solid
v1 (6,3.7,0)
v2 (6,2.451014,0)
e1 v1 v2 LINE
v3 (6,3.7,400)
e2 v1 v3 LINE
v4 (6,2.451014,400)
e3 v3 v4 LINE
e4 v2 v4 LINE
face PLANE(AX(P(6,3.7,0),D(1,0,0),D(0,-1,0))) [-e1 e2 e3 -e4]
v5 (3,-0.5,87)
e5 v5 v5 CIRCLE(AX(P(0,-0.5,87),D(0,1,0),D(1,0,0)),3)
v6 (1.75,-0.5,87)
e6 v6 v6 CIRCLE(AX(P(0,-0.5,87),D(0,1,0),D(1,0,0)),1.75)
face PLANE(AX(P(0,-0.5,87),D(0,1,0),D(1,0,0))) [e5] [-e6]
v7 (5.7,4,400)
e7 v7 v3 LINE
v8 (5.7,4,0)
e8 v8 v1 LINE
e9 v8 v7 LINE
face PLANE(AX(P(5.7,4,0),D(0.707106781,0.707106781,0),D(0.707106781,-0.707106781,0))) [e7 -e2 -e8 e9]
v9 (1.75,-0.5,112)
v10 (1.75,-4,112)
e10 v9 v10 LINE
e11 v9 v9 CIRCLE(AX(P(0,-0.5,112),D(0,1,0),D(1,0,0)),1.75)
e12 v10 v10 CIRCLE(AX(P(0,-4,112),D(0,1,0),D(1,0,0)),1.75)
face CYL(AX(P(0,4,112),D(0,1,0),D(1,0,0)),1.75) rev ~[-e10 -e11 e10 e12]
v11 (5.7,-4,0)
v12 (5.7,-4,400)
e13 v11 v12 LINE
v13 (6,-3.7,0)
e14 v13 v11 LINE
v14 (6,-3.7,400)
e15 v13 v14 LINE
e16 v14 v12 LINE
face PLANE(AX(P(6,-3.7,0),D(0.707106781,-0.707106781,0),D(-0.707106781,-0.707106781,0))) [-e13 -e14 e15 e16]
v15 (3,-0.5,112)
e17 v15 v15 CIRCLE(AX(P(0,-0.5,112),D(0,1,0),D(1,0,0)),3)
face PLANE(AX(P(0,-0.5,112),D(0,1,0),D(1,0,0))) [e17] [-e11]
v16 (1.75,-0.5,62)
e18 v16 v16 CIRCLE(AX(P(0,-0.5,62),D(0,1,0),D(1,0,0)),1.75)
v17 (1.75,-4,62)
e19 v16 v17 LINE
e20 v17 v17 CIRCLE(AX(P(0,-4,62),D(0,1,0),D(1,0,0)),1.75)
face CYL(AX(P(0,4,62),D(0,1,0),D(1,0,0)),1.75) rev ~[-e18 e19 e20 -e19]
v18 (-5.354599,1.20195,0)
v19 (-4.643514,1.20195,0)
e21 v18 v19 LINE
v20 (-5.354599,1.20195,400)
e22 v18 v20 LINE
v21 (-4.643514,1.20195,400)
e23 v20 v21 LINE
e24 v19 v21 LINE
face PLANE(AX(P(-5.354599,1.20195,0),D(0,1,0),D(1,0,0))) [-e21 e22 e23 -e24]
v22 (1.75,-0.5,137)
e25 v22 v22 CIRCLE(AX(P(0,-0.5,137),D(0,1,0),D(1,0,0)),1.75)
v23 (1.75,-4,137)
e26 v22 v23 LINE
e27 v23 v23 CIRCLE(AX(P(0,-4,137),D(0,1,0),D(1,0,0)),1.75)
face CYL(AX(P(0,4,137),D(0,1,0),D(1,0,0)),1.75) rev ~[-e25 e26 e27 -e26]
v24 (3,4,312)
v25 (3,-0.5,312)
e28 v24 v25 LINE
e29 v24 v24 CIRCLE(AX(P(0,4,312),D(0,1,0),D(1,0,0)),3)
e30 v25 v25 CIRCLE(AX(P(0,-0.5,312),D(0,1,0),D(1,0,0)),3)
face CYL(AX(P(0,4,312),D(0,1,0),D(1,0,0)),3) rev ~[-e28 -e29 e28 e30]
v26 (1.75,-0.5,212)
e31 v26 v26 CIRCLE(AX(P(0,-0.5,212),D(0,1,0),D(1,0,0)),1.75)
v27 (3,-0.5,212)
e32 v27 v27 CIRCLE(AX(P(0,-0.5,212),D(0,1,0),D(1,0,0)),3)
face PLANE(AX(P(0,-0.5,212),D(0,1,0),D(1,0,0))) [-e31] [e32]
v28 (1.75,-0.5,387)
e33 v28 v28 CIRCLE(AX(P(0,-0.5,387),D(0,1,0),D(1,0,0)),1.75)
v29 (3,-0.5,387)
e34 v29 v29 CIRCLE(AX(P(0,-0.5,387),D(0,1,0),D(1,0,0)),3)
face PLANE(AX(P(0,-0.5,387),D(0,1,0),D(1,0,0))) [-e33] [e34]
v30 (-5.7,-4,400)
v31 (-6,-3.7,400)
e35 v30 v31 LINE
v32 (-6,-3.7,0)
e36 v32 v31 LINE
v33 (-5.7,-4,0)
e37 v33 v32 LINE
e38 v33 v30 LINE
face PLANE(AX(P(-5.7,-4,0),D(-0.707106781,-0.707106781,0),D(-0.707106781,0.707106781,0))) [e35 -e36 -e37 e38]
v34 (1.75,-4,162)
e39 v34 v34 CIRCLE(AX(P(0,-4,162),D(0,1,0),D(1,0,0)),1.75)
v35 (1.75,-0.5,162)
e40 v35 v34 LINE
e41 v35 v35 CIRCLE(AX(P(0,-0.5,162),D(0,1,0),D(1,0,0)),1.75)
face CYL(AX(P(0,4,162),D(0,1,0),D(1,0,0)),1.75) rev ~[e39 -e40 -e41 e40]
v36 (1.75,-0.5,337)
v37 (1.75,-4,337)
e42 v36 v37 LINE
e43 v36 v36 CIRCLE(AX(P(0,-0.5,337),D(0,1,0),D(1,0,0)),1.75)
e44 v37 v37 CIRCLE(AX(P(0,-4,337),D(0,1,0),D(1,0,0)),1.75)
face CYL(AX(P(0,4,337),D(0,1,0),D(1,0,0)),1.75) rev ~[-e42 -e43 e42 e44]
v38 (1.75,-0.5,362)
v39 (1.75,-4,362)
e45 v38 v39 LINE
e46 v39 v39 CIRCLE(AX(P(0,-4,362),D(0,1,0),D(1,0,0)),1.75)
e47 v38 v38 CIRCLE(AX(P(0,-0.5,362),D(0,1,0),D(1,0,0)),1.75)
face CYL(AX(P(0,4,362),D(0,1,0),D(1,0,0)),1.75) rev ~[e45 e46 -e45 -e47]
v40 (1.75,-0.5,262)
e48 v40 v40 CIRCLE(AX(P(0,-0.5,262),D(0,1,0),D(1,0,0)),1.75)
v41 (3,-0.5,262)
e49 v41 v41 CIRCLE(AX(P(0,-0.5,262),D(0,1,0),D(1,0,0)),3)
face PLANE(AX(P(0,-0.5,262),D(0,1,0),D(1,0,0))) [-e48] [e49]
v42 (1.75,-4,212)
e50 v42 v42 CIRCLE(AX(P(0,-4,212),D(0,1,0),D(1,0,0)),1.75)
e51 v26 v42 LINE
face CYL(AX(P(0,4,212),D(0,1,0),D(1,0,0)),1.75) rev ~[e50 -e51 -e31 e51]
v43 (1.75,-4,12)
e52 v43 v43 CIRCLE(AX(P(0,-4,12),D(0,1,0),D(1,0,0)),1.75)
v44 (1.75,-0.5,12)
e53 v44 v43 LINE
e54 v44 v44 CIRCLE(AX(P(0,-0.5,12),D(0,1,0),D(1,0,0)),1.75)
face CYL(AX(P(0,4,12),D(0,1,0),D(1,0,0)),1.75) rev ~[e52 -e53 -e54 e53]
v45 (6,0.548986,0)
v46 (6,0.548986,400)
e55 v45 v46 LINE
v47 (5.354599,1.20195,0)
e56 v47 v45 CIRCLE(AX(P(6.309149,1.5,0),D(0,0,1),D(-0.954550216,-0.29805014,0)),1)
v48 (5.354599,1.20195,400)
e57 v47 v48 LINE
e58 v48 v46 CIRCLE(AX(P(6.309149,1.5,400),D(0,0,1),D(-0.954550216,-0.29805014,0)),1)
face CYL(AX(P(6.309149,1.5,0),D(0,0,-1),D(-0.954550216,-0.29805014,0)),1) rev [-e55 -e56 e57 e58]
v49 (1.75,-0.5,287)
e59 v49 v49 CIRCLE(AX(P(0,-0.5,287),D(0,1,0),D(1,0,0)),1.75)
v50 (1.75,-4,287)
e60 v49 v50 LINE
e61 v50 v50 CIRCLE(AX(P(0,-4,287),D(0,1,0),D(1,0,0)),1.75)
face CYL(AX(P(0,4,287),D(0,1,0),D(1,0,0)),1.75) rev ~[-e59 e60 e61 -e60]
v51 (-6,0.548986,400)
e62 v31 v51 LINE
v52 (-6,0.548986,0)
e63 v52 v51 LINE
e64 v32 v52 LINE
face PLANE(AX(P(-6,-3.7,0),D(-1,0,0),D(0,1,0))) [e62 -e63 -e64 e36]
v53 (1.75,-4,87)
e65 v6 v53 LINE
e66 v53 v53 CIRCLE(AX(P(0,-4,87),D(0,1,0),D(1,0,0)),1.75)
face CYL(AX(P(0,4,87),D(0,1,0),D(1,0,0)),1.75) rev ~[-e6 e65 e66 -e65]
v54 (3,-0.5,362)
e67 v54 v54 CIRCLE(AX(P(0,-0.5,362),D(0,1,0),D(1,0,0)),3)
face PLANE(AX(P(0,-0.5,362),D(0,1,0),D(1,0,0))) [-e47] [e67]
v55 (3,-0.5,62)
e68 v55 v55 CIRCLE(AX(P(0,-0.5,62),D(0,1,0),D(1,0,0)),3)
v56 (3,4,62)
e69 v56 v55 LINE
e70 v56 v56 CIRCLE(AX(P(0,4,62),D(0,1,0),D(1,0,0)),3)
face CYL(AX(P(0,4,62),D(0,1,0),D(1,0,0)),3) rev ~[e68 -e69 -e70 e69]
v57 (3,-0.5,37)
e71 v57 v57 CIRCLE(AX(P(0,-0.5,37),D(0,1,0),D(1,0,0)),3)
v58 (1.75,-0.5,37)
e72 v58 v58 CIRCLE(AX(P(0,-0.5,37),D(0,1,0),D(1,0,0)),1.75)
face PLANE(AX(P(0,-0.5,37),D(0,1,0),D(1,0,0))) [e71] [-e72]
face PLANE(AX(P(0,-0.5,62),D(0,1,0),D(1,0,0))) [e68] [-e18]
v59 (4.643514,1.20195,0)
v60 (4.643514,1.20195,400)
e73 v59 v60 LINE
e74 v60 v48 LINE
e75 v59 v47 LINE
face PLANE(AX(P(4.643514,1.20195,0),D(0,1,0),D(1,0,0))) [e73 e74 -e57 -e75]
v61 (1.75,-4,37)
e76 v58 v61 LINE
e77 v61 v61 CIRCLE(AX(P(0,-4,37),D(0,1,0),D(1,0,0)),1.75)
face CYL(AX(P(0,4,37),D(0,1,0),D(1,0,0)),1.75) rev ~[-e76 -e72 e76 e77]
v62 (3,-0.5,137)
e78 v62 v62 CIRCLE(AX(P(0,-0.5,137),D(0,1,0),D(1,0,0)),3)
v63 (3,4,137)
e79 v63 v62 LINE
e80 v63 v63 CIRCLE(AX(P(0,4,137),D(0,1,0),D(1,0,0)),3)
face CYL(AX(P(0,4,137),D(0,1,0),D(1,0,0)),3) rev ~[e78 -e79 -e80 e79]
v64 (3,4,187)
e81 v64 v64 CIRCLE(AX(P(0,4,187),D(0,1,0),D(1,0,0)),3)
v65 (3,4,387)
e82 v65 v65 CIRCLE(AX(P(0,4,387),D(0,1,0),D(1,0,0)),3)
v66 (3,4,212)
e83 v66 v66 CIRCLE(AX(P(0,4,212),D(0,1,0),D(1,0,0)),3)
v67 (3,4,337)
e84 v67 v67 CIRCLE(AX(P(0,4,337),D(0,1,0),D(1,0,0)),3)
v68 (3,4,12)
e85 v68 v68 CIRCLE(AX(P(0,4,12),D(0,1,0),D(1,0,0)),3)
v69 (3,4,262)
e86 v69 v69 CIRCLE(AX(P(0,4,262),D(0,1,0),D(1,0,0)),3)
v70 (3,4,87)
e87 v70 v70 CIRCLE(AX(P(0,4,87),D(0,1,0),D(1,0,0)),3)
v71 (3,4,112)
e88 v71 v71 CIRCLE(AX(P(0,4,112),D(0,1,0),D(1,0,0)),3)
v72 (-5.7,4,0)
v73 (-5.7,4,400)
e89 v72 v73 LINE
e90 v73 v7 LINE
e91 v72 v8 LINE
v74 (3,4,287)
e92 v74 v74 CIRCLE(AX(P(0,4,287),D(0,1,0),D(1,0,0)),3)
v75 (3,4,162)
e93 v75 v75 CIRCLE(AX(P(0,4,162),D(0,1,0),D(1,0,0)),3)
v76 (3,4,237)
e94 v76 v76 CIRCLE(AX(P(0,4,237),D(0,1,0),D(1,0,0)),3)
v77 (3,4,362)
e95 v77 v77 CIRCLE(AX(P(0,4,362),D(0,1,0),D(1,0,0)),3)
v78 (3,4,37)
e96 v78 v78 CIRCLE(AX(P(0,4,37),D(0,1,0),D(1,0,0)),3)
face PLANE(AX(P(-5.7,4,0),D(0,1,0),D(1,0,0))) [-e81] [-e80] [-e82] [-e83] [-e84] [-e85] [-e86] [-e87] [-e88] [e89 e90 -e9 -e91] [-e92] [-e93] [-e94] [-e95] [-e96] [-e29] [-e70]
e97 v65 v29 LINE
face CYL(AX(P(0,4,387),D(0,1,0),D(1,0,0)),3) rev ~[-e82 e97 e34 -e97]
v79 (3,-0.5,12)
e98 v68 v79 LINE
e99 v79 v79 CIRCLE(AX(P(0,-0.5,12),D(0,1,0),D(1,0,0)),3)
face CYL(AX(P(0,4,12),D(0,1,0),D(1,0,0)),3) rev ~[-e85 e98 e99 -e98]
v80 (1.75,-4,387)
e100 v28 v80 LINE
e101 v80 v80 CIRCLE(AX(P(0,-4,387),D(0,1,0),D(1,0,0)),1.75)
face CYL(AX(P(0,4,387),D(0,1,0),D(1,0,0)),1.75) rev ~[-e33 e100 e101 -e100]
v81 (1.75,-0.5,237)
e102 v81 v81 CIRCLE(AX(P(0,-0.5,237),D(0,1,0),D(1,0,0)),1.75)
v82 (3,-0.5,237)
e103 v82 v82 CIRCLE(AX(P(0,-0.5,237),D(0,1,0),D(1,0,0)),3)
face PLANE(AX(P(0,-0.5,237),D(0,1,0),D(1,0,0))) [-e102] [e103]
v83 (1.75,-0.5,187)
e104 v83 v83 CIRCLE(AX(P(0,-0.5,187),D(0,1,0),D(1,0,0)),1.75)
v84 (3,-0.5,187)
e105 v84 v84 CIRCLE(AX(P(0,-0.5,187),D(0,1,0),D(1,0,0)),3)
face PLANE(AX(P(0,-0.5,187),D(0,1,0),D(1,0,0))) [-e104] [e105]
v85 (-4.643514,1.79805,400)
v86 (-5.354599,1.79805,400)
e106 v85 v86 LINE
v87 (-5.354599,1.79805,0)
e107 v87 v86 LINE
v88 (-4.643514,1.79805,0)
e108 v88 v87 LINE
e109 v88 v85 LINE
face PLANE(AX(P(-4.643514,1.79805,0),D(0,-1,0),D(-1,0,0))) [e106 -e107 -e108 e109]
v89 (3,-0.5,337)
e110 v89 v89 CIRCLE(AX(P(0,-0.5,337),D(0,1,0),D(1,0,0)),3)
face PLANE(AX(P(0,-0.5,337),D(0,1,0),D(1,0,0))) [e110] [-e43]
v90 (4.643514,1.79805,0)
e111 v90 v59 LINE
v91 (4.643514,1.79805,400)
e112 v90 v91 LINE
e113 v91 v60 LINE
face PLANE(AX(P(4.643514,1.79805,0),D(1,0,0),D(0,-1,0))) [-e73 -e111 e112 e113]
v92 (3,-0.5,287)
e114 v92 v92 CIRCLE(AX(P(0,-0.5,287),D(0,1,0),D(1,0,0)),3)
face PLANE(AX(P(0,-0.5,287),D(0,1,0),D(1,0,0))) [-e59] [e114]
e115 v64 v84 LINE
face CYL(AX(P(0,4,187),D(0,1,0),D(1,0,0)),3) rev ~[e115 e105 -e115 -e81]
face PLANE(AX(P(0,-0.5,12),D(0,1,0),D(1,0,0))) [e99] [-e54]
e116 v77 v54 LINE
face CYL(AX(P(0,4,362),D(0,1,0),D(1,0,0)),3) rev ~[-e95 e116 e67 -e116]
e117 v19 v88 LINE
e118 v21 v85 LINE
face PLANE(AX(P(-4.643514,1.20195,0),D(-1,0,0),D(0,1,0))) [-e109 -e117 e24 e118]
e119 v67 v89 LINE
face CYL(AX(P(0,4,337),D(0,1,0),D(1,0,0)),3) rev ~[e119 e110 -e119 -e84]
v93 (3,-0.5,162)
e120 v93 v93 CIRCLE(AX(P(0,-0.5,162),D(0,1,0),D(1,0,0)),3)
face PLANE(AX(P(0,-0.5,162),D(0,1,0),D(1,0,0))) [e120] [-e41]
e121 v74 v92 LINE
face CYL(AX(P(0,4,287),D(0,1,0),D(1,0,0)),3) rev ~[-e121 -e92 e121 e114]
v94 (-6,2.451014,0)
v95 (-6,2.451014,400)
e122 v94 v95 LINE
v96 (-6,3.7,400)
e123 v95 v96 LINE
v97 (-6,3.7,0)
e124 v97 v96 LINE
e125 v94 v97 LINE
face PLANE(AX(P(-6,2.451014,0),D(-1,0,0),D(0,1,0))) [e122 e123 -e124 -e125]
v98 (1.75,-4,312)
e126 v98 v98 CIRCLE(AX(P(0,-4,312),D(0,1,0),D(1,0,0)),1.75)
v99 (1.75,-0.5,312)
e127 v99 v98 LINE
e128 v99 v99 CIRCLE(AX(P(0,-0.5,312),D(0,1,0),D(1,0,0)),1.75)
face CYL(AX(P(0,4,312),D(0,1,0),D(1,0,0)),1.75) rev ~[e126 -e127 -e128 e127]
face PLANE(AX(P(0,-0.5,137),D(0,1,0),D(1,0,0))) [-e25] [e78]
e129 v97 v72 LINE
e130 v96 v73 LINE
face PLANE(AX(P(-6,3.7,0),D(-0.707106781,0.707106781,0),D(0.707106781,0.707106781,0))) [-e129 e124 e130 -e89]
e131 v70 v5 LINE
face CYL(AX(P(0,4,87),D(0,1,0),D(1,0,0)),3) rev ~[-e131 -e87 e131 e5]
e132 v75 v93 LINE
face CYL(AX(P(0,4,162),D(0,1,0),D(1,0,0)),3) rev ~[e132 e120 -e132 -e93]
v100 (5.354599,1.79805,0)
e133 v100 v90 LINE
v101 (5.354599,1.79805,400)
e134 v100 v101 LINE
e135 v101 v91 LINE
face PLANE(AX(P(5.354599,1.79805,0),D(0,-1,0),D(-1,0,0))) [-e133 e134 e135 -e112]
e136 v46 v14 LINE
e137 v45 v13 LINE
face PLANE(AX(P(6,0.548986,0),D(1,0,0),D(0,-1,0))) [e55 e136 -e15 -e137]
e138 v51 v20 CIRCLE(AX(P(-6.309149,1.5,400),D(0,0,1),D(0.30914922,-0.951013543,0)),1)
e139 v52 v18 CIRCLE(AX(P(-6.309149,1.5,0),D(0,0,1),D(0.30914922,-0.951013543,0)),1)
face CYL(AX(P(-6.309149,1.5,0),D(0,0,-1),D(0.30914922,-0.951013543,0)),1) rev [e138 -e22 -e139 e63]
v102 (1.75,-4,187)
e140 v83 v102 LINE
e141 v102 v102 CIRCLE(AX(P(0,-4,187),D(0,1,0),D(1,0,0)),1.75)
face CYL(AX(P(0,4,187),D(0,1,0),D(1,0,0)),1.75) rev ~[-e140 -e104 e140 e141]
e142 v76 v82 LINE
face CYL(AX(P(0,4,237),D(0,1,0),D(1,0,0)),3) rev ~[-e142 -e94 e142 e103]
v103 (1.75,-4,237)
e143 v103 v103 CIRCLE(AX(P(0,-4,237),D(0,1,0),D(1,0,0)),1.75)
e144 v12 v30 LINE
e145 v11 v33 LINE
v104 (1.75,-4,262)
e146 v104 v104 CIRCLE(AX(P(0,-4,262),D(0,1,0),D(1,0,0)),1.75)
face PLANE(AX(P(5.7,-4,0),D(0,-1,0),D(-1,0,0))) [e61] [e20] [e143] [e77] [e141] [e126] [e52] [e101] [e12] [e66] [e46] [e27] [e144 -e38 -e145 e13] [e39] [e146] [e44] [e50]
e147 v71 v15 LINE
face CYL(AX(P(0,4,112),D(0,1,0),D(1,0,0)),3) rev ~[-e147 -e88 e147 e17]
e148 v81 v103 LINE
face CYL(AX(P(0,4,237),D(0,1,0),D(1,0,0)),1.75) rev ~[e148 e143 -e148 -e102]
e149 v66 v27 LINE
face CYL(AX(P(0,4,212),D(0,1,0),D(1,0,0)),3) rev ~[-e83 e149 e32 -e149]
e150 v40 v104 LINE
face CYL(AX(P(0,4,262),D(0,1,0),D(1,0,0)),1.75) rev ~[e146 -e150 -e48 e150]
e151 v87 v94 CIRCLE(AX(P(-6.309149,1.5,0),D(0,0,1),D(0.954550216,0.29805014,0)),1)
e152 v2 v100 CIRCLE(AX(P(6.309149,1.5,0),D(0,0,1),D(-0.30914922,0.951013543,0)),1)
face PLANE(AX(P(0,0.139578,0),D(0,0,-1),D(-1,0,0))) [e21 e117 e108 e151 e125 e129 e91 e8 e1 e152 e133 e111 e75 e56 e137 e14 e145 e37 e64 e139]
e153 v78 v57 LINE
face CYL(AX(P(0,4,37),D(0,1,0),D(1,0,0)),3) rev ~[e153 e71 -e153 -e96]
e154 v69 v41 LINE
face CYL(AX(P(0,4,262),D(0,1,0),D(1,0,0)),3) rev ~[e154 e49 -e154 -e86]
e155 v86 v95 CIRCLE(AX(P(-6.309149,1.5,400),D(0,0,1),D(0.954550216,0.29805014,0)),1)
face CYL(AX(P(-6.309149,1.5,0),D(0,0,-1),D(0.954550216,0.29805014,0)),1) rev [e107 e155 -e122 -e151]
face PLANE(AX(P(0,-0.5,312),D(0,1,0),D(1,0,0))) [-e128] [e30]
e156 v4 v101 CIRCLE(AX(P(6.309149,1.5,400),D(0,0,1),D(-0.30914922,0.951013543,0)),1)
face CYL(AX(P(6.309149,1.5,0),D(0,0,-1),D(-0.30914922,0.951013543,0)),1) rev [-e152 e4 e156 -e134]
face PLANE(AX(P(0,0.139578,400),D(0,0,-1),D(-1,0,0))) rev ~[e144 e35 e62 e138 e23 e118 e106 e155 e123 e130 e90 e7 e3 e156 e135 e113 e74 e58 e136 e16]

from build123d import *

# Parameters (mm, degrees)
EXTRUDE_1_DEPTH        = 400
SKETCH_2_R             = 3
SKETCH_2_R_2           = 1.75
CUT_EXTRUDE_1_DEPTH    = 4.5
SKETCH_2_2_R           = 1.75
CUT_EXTRUDE_2_DEPTH    = 9
PATTERN_LINEAR_1_COUNT = 16
PATTERN_LINEAR_1_PITCH = 25


with BuildPart() as part:
    # Эскиз1 → Бобышка-Вытянуть1 (new body)
    with BuildSketch(Plane.XY):
        with BuildLine():
            Line((-6, 3.7), (-5.7, 4))
            Line((-5.7, 4), (5.7, 4))
            Line((5.7, 4), (6, 3.7))
            Line((6, 3.7), (6, 2.451013544))
            ThreePointArc((6, 2.451013544), (5.597935912, 2.202976267), (5.354599002, 1.798050138))
            Line((5.354599002, 1.798050138), (4.643514056, 1.798050138))
            Line((4.643514056, 1.798050138), (4.643514056, 1.201949862))
            Line((4.643514056, 1.201949862), (5.354599002, 1.201949862))
            ThreePointArc((5.354599002, 1.201949862), (5.597935912, 0.797023733), (6, 0.548986456))
            Line((6, 0.548986456), (6, -3.7))
            Line((6, -3.7), (5.7, -4))
            Line((5.7, -4), (-5.7, -4))
            Line((-5.7, -4), (-6, -3.7))
            Line((-6, -3.7), (-6, 0.548986456))
            ThreePointArc((-6, 0.548986456), (-5.597935912, 0.797023733), (-5.354599002, 1.201949862))
            Line((-5.354599002, 1.201949862), (-4.643514056, 1.201949862))
            Line((-4.643514056, 1.201949862), (-4.643514056, 1.798050138))
            Line((-4.643514056, 1.798050138), (-5.354599002, 1.798050138))
            ThreePointArc((-5.354599002, 1.798050138), (-5.597935912, 2.202976267), (-6, 2.451013544))
            Line((-6, 2.451013544), (-6, 3.7))
        make_face()
    extrude(amount=EXTRUDE_1_DEPTH)

    # Эскиз2 → Вырез-Вытянуть1 (cut)
    with BuildSketch(Plane(origin=(0, 4, 0), x_dir=(1, 0, 0), z_dir=(0, 1, 0))):
        with Locations((0, -12)):
            Circle(SKETCH_2_R)
        with Locations((0, -12)):
            Circle(SKETCH_2_R_2, mode=Mode.SUBTRACT)
    cut_extrude_1 = extrude(amount=-CUT_EXTRUDE_1_DEPTH, mode=Mode.SUBTRACT)

    # Эскиз2<2> → Вырез-Вытянуть2 (cut, through all)
    with BuildSketch(Plane(origin=(0, 4, 0), x_dir=(1, 0, 0), z_dir=(0, 1, 0))):
        with Locations((0, -12)):
            Circle(SKETCH_2_2_R)
    cut_extrude_2 = extrude(amount=-CUT_EXTRUDE_2_DEPTH, mode=Mode.SUBTRACT)

    # Линейный массив1: Вырез-Вытянуть1, Вырез-Вытянуть2 ×16
    with Locations(*[(0, 0, i * PATTERN_LINEAR_1_PITCH) for i in range(1, PATTERN_LINEAR_1_COUNT)]):
        add(cut_extrude_1, mode=Mode.SUBTRACT)
        add(cut_extrude_2, mode=Mode.SUBTRACT)


solid = part.part
